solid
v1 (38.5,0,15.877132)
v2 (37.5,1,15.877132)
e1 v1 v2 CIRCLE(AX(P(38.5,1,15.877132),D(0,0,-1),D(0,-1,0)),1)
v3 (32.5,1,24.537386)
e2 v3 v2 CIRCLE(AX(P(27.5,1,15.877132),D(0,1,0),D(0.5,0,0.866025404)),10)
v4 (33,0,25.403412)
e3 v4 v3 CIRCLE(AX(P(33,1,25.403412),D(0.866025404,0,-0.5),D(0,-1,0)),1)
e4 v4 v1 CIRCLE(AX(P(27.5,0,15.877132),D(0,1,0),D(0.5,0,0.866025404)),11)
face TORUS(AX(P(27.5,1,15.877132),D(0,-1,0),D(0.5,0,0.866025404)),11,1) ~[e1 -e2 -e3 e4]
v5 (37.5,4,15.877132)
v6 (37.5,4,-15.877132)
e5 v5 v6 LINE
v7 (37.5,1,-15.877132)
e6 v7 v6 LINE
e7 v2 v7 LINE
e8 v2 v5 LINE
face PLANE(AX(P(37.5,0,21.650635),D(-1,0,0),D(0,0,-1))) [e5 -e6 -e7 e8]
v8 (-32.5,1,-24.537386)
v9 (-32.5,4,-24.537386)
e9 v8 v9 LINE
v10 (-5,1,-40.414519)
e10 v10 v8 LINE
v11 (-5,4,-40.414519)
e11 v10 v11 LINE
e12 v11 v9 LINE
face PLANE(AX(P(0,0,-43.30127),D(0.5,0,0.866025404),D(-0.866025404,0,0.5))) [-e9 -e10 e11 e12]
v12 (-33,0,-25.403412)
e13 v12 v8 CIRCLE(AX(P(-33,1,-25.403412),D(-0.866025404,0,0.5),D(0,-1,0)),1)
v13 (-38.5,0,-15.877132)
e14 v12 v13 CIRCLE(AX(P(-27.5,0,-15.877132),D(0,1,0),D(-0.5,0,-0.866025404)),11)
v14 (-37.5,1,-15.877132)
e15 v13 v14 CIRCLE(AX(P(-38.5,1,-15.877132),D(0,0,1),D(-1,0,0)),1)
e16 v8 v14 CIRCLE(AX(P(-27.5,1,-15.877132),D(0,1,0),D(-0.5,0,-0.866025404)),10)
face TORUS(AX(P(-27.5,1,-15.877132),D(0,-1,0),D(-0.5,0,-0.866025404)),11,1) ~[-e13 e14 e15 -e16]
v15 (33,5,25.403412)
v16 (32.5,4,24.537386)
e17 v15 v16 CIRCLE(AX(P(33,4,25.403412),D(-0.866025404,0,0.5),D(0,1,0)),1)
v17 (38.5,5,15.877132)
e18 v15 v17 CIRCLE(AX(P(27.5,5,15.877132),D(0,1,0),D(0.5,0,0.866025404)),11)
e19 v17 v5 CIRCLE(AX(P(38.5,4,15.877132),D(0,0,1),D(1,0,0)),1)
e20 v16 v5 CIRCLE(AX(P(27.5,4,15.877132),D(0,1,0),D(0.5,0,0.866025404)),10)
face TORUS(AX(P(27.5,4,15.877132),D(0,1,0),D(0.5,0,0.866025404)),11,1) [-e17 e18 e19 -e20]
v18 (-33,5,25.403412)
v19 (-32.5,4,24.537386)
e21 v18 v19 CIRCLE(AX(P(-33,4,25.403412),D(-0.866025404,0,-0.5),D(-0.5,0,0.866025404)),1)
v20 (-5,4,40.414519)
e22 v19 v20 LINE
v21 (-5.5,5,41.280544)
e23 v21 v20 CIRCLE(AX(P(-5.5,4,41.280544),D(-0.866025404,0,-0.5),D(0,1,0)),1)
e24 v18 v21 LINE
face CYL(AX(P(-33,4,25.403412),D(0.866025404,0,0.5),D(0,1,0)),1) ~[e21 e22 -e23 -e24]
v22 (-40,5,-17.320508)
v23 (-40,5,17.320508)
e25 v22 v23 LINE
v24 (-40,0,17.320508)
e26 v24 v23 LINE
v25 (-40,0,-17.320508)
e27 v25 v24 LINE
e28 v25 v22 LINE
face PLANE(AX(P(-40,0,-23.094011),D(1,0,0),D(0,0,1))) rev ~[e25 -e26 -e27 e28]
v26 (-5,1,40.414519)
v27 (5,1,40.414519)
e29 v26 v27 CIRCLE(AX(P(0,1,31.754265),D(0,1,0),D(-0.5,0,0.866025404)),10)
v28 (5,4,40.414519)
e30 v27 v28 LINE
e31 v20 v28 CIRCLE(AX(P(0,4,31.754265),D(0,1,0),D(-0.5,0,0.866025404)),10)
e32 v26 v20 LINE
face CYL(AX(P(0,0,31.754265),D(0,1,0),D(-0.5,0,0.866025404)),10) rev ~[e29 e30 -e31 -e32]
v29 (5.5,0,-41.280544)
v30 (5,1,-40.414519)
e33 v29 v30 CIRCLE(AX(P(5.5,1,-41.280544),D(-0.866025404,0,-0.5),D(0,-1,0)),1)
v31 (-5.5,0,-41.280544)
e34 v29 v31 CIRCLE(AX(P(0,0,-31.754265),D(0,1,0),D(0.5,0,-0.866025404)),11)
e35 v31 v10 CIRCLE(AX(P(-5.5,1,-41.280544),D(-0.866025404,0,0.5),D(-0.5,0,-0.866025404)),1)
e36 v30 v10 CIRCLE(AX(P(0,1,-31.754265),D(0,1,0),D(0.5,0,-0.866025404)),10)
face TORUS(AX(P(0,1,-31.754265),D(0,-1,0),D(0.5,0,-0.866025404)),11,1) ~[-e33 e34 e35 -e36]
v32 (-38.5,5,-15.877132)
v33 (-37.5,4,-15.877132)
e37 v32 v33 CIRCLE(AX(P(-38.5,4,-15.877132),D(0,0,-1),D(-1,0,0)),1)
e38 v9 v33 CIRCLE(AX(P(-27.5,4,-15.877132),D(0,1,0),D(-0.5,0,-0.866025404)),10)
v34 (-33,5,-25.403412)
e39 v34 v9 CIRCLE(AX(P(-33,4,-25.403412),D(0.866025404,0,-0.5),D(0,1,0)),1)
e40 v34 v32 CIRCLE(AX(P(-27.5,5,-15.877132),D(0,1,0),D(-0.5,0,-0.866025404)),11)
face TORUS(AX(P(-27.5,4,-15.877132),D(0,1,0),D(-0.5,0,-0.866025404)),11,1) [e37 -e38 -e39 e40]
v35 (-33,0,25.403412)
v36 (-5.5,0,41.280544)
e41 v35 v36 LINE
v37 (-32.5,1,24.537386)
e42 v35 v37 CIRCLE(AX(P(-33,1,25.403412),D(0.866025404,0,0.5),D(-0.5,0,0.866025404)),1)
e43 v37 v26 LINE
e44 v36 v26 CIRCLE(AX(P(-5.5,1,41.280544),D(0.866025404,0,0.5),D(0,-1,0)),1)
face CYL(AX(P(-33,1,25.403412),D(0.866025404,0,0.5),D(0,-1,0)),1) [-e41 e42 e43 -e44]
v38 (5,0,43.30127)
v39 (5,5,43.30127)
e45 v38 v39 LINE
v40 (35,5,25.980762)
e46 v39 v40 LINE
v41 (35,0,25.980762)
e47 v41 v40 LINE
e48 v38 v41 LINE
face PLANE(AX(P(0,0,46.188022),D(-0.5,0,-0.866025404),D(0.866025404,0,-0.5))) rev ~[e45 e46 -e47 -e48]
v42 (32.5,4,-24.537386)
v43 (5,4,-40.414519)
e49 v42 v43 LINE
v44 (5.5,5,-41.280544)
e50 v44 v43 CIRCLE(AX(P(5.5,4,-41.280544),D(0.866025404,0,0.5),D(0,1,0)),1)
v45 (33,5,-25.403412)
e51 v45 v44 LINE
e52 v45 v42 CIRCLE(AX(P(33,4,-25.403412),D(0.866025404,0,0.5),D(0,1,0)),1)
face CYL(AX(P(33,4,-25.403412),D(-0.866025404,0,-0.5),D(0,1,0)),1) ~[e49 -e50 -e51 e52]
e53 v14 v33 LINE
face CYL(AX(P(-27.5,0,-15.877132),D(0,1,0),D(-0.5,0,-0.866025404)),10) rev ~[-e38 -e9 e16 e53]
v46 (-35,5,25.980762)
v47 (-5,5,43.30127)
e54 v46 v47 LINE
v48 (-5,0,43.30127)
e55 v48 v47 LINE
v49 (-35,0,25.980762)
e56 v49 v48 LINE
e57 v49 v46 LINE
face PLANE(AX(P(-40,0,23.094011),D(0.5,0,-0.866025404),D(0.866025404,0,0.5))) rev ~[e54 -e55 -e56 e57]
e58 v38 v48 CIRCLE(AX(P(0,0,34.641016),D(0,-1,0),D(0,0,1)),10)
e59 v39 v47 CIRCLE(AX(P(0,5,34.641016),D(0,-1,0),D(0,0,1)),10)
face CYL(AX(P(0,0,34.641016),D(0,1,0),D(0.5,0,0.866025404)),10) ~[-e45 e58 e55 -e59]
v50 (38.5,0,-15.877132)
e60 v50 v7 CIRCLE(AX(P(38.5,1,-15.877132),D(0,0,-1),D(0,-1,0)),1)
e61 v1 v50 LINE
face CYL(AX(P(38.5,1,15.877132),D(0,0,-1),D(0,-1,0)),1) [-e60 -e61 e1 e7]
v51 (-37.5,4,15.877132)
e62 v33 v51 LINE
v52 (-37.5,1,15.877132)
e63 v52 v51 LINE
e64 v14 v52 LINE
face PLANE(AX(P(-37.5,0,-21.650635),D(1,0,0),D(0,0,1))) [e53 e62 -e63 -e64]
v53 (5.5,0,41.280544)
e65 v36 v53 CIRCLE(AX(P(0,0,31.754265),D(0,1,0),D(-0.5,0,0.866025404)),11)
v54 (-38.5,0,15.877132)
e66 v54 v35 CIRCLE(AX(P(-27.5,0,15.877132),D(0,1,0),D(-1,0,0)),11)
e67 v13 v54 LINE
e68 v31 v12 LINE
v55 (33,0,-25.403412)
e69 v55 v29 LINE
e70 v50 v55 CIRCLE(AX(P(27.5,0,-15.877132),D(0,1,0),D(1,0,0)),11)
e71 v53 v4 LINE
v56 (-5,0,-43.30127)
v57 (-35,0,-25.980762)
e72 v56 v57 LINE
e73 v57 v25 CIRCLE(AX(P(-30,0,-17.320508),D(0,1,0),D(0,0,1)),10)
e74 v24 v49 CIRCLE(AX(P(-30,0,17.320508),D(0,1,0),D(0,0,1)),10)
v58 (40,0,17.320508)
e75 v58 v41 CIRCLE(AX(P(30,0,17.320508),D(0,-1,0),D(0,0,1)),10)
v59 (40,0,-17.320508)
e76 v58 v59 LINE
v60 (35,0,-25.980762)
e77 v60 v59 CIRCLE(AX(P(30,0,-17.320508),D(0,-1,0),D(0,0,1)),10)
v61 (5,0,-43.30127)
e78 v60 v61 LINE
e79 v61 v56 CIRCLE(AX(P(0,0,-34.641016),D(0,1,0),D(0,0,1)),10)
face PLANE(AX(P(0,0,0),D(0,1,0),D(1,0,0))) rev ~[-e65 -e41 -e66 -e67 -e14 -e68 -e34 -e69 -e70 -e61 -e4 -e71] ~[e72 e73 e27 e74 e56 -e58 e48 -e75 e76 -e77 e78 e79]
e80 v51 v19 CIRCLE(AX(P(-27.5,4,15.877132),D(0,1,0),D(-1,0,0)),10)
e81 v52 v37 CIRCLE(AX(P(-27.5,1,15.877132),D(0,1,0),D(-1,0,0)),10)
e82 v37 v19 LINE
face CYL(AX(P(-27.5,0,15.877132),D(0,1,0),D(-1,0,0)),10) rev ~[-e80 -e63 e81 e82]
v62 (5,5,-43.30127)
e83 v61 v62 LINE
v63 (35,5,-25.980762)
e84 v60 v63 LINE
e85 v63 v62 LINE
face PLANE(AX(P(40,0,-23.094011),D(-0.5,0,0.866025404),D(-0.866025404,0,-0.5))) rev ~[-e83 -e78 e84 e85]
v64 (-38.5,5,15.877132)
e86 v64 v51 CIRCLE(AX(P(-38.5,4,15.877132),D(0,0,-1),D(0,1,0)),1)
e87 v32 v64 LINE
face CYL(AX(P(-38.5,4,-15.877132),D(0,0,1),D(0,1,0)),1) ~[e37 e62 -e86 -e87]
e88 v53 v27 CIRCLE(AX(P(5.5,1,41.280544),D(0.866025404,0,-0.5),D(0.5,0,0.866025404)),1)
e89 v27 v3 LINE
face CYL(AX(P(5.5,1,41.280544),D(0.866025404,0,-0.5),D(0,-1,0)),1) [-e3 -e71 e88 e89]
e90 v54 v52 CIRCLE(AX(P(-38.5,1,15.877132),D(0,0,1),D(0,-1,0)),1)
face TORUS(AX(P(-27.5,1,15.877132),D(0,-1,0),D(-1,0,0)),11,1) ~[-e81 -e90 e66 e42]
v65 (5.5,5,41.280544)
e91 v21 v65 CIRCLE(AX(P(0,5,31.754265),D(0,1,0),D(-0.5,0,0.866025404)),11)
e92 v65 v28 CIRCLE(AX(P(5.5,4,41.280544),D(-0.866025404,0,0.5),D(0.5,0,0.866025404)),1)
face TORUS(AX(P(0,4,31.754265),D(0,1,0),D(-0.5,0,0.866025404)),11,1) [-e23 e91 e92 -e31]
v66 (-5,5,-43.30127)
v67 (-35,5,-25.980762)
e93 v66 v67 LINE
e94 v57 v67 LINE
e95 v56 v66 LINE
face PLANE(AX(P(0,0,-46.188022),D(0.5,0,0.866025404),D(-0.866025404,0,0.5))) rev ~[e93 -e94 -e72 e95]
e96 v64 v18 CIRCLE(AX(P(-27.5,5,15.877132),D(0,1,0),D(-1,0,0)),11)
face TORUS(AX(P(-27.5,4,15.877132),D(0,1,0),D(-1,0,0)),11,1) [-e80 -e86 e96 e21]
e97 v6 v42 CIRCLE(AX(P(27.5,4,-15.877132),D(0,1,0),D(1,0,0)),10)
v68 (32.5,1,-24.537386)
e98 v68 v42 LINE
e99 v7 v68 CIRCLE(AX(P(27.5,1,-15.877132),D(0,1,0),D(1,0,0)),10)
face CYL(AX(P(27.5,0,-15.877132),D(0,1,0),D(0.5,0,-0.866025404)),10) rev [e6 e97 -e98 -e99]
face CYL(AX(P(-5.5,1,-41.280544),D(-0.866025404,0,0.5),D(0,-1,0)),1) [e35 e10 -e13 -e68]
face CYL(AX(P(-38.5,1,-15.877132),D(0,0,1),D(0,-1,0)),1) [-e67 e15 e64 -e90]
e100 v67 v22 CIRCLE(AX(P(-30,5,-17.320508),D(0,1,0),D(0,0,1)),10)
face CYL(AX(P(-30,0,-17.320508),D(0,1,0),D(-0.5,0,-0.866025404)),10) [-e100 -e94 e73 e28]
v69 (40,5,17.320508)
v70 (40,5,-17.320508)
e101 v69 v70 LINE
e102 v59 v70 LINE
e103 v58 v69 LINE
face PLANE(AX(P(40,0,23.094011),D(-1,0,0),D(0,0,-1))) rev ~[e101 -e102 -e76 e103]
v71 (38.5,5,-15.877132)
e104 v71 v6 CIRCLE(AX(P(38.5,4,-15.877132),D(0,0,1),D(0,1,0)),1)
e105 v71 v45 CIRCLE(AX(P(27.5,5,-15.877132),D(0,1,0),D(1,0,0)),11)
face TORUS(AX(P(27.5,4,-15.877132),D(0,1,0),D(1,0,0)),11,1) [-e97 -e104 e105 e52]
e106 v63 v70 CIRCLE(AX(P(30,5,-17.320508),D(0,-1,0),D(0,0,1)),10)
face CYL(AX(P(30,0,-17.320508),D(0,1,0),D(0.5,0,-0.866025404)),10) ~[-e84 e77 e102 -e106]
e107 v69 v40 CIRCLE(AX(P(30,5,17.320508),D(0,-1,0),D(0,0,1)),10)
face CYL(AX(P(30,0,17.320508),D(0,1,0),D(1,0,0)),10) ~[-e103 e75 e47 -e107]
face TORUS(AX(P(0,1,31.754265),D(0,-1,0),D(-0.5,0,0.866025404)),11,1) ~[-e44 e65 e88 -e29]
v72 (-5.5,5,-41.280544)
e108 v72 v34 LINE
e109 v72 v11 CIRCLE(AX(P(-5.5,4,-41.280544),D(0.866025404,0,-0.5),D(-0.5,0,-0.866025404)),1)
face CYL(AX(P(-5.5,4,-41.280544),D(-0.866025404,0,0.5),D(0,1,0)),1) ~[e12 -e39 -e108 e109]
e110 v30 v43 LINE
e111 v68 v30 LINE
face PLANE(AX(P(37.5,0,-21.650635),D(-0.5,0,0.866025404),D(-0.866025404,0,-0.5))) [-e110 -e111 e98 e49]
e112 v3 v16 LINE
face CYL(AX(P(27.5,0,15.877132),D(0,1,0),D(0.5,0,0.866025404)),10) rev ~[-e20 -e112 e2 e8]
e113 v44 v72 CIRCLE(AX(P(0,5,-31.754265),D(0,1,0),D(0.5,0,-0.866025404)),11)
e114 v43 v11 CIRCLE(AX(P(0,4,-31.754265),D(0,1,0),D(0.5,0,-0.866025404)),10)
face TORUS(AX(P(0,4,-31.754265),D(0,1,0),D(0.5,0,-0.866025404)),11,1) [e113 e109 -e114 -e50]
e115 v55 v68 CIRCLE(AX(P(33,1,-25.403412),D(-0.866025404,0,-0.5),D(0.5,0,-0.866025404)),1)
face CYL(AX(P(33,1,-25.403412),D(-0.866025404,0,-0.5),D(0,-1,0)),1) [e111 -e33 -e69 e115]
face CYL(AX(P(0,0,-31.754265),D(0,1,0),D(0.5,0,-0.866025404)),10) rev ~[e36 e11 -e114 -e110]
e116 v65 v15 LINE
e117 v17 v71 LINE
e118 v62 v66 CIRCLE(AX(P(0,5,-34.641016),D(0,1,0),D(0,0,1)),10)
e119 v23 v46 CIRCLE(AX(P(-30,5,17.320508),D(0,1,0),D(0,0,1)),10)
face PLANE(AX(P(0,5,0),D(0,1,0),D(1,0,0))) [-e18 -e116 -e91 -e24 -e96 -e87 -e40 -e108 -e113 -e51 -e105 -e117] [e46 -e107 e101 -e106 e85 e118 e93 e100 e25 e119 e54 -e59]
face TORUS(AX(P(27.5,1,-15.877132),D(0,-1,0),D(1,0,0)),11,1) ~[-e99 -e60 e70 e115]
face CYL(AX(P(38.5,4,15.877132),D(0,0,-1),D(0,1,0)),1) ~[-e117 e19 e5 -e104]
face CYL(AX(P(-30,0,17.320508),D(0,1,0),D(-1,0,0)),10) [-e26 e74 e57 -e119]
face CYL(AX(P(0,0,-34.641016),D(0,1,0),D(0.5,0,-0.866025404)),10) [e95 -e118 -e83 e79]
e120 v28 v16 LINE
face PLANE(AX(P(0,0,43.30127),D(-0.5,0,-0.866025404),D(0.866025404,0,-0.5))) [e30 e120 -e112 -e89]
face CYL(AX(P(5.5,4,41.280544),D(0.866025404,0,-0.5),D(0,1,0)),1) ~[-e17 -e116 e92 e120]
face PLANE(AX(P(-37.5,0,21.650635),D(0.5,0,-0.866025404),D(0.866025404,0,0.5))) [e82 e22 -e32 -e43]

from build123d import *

# Parameters (mm, degrees)
ESTRUSIONE_SOTTILE1_DEPTH = 5
RACCORDO1_R               = 10
RACCORDO2_R               = 1


with BuildPart() as part:
    # Schizzo2 → Estrusione-Sottile1 (new body)
    with BuildSketch(Plane(origin=(0, 0, 0), x_dir=(1, 0, 0), z_dir=(0, 1, 0))):
        Polygon((40, 23.094010768), (0, 46.188021535), (-40, 23.094010768), (-40, -23.094010768), (0, -46.188021535), (40, -23.094010768), align=None)
        Polygon((37.5, 21.650635095), (0, 43.301270189), (-37.5, 21.650635095), (-37.5, -21.650635095), (0, -43.301270189), (37.5, -21.650635095), align=None, mode=Mode.SUBTRACT)
    extrude(amount=ESTRUSIONE_SOTTILE1_DEPTH)

    # Raccordo1
    raccordo1_edges = [part.edges().sort_by_distance(p)[0] for p in [
        (37.5, 2.5, 21.650635095),
        (37.5, 2.5, -21.650635095),
        (0, 2.5, -43.301270189),
        (-37.5, 2.5, -21.650635095),
        (-37.5, 2.5, 21.650635095),
        (0, 2.5, 43.301270189),
        (40, 2.5, 23.094010768),
        (0, 2.5, 46.188021535),
        (-40, 2.5, 23.094010768),
        (-40, 2.5, -23.094010768),
        (0, 2.5, -46.188021535),
        (40, 2.5, -23.094010768),
    ]]
    fillet(raccordo1_edges, radius=RACCORDO1_R)

    # Raccordo2
    raccordo2_edges = [part.edges().sort_by_distance(p)[0] for p in [
        (37.5, 0, 0),
        (18.75, 0, -32.475952642),
        (-18.75, 0, -32.475952642),
        (-37.5, 0, 0),
        (-18.75, 0, 32.475952642),
        (18.75, 0, 32.475952642),
        (18.75, 5, -32.475952642),
        (37.5, 5, 0),
        (18.75, 5, 32.475952642),
        (-18.75, 5, 32.475952642),
        (-37.5, 5, 0),
        (-18.75, 5, -32.475952642),
        (36.160254038, 0, 20.877132403),
        (36.160254038, 5, 20.877132403),
        (0, 0, 41.754264805),
        (0, 5, 41.754264805),
        (36.160254038, 0, -20.877132403),
        (36.160254038, 5, -20.877132403),
        (0, 0, -41.754264805),
        (0, 5, -41.754264805),
        (-36.160254038, 0, -20.877132403),
        (-36.160254038, 5, -20.877132403),
        (-36.160254038, 0, 20.877132403),
        (-36.160254038, 5, 20.877132403),
    ]]
    fillet(raccordo2_edges, radius=RACCORDO2_R)


solid = part.part
